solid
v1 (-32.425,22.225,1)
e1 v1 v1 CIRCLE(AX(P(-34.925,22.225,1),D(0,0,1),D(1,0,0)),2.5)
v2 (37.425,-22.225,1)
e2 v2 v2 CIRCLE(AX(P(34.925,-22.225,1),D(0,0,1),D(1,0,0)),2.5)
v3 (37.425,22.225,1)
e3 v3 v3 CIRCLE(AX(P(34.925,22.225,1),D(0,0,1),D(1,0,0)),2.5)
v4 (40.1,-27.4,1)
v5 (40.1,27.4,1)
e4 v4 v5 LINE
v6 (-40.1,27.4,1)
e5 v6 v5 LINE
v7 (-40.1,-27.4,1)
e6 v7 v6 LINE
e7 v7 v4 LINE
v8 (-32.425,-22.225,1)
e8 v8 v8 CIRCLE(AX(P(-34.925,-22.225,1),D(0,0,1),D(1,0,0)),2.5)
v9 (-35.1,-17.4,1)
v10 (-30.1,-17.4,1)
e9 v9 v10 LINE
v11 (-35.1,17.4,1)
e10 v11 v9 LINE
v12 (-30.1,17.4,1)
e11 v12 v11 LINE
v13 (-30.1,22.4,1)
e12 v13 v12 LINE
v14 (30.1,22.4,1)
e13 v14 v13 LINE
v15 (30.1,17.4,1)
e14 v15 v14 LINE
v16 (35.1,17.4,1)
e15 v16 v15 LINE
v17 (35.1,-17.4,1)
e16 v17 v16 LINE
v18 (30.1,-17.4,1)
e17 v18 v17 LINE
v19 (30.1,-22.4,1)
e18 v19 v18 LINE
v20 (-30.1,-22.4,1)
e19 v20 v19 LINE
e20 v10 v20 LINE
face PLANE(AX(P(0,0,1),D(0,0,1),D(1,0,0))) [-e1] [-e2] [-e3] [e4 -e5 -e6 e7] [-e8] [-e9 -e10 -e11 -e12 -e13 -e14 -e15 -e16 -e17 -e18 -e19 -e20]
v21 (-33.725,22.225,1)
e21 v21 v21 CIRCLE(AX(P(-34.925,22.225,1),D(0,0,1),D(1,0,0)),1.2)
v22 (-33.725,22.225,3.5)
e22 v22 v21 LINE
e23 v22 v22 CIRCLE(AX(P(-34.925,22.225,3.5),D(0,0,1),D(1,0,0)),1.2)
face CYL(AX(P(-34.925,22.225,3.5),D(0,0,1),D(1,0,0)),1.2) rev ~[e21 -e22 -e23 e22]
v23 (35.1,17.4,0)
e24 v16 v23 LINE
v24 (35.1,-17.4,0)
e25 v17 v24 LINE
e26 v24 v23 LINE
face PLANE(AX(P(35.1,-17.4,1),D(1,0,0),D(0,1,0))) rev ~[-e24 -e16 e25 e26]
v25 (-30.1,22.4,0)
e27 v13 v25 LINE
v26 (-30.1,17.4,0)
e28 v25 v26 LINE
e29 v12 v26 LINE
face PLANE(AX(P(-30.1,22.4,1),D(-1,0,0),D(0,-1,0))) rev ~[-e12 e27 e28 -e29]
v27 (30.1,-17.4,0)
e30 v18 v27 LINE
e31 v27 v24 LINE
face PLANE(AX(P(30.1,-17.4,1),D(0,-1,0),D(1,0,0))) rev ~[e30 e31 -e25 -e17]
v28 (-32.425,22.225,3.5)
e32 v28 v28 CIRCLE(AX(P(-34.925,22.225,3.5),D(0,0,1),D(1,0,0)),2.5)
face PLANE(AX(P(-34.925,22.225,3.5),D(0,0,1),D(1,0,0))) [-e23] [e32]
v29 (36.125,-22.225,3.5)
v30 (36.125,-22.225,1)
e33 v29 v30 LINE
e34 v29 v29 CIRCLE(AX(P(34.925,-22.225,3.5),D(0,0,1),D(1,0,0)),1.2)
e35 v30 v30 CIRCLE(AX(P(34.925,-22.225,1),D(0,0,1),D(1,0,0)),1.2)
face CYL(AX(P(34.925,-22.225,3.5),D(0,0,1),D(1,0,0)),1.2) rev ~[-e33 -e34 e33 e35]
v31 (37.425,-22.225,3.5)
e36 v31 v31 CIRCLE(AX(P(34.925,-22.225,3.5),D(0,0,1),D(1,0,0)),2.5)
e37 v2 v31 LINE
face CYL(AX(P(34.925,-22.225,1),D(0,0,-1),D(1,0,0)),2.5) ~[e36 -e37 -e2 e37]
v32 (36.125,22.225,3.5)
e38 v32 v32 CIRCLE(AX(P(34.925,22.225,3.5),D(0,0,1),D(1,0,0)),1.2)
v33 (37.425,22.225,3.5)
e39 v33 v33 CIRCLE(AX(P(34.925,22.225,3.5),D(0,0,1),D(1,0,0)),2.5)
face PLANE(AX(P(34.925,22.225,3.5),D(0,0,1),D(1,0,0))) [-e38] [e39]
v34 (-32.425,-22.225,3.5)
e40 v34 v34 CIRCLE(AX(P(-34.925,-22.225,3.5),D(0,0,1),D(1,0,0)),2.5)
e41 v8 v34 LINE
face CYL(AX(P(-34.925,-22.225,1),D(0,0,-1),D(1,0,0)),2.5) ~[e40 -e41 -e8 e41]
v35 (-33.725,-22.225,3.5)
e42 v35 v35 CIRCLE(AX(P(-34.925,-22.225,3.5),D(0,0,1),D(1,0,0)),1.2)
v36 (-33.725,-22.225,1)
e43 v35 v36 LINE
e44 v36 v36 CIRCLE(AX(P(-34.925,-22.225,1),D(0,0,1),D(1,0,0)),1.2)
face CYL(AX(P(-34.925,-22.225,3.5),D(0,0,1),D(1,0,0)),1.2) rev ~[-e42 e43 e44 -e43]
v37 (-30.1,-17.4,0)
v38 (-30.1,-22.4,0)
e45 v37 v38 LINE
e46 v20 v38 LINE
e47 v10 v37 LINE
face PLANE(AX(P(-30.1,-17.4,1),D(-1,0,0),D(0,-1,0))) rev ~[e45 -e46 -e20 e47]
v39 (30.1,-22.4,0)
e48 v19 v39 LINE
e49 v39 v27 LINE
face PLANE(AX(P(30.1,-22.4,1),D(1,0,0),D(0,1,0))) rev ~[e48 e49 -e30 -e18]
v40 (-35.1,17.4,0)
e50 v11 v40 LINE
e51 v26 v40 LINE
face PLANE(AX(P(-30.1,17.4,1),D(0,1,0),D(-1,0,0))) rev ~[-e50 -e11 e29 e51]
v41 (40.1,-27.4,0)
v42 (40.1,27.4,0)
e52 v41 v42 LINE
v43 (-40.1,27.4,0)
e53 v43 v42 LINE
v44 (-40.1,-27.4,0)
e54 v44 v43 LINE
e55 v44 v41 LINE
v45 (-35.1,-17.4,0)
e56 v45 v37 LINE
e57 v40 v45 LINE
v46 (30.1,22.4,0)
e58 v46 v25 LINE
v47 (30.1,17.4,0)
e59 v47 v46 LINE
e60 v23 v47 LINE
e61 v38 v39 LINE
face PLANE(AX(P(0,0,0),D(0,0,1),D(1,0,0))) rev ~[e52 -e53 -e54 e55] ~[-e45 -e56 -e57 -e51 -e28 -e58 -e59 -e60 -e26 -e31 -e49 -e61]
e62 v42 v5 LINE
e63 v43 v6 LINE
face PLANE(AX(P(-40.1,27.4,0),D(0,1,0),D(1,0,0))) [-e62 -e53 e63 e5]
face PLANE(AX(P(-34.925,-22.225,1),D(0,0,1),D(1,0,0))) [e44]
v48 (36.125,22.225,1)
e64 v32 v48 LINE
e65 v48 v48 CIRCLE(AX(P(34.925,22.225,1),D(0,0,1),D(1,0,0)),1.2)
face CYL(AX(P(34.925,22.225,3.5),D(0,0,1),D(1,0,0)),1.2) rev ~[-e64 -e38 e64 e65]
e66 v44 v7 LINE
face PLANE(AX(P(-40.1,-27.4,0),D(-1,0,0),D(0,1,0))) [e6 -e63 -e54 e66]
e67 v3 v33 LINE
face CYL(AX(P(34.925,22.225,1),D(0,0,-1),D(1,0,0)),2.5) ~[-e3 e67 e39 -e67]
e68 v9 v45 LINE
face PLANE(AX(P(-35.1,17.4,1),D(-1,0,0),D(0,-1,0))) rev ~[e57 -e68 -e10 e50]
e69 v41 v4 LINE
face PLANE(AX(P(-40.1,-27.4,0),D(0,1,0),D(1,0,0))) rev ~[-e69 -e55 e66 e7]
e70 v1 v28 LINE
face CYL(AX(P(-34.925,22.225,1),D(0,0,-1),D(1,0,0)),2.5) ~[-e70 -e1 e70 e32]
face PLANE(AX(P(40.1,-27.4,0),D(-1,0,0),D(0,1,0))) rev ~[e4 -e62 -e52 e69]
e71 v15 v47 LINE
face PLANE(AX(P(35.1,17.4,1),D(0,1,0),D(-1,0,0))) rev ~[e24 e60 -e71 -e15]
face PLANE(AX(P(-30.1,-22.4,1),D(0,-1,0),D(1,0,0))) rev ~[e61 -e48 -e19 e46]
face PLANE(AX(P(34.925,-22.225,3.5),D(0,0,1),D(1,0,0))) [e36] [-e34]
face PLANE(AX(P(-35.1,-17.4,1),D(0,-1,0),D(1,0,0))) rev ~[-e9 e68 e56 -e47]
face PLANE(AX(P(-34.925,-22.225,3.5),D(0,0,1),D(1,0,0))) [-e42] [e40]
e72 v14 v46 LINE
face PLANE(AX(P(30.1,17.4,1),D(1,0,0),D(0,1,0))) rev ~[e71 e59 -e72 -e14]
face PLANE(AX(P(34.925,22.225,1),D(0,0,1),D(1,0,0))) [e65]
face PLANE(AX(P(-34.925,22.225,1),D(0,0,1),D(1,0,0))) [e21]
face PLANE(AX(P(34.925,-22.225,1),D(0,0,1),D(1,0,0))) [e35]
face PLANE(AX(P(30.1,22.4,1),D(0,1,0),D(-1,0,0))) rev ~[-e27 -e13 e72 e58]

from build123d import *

# Parameters (mm, degrees)
SKETCH_W        = 80.2
SKETCH_H        = 54.8
PAD_DEPTH       = 1
POCKET_DEPTH    = 1.001
SKETCH002_R     = 2.5
PAD001_DEPTH    = 2.5
SKETCH003_R     = 1.2
POCKET001_DEPTH = 2.5


with BuildPart() as part:
    # Sketch → Pad (new body)
    with BuildSketch(Plane.XY):
        Rectangle(SKETCH_W, SKETCH_H)
    extrude(amount=PAD_DEPTH)

    # Sketch001 → Pocket (cut, through all)
    with BuildSketch(Plane.XY.offset(1)):
        Polygon((-35.1, 17.4), (-35.1, -17.4), (-30.1, -17.4), (-30.1, -22.4), (30.1, -22.4), (30.1, -17.4), (35.1, -17.4), (35.1, 17.4), (30.1, 17.4), (30.1, 22.4), (-30.1, 22.4), (-30.1, 17.4), align=None)
    extrude(amount=-POCKET_DEPTH, mode=Mode.SUBTRACT)

    # Sketch002 → Pad001 (new body)
    with BuildSketch(Plane.XY.offset(1)):
        with Locations((-34.925, 22.225)):
            Circle(SKETCH002_R)
        with Locations((-34.925, -22.225)):
            Circle(SKETCH002_R)
        with Locations((34.925, 22.225)):
            Circle(SKETCH002_R)
        with Locations((34.925, -22.225)):
            Circle(SKETCH002_R)
    extrude(amount=PAD001_DEPTH)

    # Sketch003 → Pocket001 (cut)
    with BuildSketch(Plane.XY.offset(3.5)):
        with Locations((-34.925, -22.225)):
            Circle(SKETCH003_R)
        with Locations((34.925, -22.225)):
            Circle(SKETCH003_R)
        with Locations((-34.925, 22.225)):
            Circle(SKETCH003_R)
        with Locations((34.925, 22.225)):
            Circle(SKETCH003_R)
    extrude(amount=-POCKET001_DEPTH, mode=Mode.SUBTRACT)


solid = part.part
